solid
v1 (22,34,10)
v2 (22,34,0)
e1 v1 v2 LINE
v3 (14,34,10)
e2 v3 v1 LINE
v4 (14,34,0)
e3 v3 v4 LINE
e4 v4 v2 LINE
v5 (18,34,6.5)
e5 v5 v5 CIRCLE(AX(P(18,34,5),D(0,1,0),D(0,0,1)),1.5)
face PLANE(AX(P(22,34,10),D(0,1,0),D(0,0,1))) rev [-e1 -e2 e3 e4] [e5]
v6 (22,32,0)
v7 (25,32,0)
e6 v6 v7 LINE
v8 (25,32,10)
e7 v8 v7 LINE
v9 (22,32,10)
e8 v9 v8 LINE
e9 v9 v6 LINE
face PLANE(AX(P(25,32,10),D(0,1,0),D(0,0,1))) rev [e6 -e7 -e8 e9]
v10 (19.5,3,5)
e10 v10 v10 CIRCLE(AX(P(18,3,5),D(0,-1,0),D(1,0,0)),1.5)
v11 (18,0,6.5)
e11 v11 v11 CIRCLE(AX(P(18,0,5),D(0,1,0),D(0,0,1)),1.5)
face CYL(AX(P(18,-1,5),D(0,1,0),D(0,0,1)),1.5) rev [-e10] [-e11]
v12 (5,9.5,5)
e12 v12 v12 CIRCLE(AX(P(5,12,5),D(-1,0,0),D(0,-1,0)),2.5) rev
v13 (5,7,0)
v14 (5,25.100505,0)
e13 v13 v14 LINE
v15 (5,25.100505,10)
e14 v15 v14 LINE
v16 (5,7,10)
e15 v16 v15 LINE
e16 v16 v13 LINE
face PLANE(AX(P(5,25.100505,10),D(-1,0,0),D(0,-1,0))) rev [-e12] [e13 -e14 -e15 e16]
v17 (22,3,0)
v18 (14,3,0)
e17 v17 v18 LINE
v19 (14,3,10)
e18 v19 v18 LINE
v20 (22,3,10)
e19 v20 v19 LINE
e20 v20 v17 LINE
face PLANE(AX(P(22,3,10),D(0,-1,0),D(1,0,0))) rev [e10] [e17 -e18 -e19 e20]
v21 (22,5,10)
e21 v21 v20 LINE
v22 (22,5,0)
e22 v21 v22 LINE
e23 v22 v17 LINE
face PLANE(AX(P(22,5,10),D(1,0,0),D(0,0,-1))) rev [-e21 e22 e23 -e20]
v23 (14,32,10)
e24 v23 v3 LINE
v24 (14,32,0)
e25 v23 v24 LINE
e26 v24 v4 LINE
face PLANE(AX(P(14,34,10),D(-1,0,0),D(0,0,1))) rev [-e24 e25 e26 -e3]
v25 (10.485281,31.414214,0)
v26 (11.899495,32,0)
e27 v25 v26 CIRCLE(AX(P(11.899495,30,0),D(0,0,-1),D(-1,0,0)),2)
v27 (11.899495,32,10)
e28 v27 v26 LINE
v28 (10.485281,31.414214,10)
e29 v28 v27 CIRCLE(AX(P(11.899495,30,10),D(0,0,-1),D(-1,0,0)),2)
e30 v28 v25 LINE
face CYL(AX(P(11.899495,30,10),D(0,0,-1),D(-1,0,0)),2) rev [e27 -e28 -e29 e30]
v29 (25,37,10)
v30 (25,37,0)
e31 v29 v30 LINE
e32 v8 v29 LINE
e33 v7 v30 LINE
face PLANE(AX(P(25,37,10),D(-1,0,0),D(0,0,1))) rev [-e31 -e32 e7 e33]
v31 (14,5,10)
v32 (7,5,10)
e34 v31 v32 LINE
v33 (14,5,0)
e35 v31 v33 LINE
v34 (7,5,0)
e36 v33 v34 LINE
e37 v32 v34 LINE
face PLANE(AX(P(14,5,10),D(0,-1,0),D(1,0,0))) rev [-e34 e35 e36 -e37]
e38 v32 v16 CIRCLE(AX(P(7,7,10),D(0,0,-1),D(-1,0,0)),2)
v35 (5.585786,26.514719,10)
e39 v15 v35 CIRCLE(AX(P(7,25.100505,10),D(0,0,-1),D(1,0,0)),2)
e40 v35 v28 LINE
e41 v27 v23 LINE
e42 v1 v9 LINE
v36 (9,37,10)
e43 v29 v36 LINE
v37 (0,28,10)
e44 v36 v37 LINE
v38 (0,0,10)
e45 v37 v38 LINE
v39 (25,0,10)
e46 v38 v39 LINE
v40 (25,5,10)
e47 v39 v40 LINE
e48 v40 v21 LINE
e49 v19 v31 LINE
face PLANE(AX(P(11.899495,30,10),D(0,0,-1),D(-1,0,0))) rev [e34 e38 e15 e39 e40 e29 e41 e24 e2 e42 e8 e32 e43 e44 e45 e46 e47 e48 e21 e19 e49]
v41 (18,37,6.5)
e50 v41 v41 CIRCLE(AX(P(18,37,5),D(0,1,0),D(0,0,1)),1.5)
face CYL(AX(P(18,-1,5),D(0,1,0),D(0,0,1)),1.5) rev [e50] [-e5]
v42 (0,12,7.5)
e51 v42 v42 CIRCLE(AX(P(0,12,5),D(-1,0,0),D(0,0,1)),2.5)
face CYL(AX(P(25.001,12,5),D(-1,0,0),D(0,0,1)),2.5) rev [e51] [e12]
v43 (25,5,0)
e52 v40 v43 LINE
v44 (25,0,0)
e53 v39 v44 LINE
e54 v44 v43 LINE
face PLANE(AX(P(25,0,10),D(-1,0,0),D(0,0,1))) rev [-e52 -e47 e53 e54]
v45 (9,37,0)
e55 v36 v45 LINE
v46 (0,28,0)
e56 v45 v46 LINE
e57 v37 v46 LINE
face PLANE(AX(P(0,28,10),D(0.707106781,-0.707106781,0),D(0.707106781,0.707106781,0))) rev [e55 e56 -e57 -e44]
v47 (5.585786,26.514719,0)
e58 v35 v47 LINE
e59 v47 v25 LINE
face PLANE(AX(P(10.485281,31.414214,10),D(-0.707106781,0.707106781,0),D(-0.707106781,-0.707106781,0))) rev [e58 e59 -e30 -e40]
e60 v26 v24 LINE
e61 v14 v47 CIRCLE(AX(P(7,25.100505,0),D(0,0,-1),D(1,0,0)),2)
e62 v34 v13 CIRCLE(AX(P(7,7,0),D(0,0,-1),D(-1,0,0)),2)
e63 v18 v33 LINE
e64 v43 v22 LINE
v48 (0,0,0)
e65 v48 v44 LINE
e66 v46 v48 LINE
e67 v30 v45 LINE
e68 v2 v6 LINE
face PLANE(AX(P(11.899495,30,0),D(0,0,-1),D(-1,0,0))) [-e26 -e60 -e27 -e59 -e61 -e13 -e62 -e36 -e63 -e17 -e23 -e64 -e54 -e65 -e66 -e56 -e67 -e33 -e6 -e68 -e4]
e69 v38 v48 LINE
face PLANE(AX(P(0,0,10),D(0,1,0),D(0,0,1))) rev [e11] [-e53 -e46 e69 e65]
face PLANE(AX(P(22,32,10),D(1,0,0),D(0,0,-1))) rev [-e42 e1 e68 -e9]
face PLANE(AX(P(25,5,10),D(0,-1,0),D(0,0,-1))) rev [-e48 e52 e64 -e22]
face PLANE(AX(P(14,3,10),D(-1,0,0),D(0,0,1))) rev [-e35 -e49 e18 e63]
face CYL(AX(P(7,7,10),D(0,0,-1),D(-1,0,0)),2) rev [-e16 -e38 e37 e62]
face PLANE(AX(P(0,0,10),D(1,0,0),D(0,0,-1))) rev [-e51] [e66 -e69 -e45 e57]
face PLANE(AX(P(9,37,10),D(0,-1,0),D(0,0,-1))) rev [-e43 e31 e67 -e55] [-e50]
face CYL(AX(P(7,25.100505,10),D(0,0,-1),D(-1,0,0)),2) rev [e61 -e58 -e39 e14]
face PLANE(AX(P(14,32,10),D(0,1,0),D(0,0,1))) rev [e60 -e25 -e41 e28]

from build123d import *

# Parameters (mm, degrees)
BOSS_EXTRUDE1_DEPTH = 10
SKETCH2_R           = 1.5
CUT_EXTRUDE1_DEPTH  = 38
CUT_EXTRUDE2_REACH  = 47.76
SKETCH3_R           = 2.5


with BuildPart() as part:
    # Sketch1 → Boss-Extrude1 (new body)
    with BuildSketch(Plane.XY):
        with BuildLine():
            Line((0, 0), (25, 0))
            Line((25, 0), (25, 5))
            Line((25, 5), (22, 5))
            Line((22, 5), (22, 3))
            Line((22, 3), (14, 3))
            Line((14, 3), (14, 5))
            Line((14, 5), (7, 5))
            ThreePointArc((7, 5), (5.585786438, 5.585786438), (5, 7))
            Line((5, 7), (5, 25.100505063))
            ThreePointArc((5, 25.100505063), (5.152240935, 25.865871928), (5.585786438, 26.514718626))
            Line((5.585786438, 26.514718626), (10.485281374, 31.414213562))
            ThreePointArc((10.485281374, 31.414213562), (11.134128072, 31.847759065), (11.899494937, 32))
            Line((11.899494937, 32), (14, 32))
            Line((14, 32), (14, 34))
            Line((14, 34), (22, 34))
            Line((22, 34), (22, 32))
            Line((22, 32), (25, 32))
            Line((25, 32), (25, 37))
            Line((25, 37), (9, 37))
            Line((9, 37), (0, 28))
            Line((0, 28), (0, 0))
        make_face()
    extrude(amount=BOSS_EXTRUDE1_DEPTH)

    # Sketch2 → Cut-Extrude1 (cut)
    with BuildSketch(Plane(origin=(0, 37, 0), x_dir=(1, 0, 0), z_dir=(0, 1, 0))):
        with Locations(Location((18, -5, 0), (0, 0, 270))):
            Circle(SKETCH2_R)
    extrude(amount=-CUT_EXTRUDE1_DEPTH, mode=Mode.SUBTRACT)

    # Sketch3 → Cut-Extrude2 (cut, up to next)
    with BuildSketch(Plane.ZY, mode=Mode.PRIVATE) as cut_extrude2_sk1:
        with Locations((5, 12)):
            Circle(SKETCH3_R)
    cut_extrude2_tool1 = extrude(cut_extrude2_sk1.sketch, amount=-CUT_EXTRUDE2_REACH, mode=Mode.PRIVATE) & part.part
    add(cut_extrude2_tool1.solids().sort_by_distance((0, 12, 5))[0], mode=Mode.SUBTRACT)


solid = part.part
